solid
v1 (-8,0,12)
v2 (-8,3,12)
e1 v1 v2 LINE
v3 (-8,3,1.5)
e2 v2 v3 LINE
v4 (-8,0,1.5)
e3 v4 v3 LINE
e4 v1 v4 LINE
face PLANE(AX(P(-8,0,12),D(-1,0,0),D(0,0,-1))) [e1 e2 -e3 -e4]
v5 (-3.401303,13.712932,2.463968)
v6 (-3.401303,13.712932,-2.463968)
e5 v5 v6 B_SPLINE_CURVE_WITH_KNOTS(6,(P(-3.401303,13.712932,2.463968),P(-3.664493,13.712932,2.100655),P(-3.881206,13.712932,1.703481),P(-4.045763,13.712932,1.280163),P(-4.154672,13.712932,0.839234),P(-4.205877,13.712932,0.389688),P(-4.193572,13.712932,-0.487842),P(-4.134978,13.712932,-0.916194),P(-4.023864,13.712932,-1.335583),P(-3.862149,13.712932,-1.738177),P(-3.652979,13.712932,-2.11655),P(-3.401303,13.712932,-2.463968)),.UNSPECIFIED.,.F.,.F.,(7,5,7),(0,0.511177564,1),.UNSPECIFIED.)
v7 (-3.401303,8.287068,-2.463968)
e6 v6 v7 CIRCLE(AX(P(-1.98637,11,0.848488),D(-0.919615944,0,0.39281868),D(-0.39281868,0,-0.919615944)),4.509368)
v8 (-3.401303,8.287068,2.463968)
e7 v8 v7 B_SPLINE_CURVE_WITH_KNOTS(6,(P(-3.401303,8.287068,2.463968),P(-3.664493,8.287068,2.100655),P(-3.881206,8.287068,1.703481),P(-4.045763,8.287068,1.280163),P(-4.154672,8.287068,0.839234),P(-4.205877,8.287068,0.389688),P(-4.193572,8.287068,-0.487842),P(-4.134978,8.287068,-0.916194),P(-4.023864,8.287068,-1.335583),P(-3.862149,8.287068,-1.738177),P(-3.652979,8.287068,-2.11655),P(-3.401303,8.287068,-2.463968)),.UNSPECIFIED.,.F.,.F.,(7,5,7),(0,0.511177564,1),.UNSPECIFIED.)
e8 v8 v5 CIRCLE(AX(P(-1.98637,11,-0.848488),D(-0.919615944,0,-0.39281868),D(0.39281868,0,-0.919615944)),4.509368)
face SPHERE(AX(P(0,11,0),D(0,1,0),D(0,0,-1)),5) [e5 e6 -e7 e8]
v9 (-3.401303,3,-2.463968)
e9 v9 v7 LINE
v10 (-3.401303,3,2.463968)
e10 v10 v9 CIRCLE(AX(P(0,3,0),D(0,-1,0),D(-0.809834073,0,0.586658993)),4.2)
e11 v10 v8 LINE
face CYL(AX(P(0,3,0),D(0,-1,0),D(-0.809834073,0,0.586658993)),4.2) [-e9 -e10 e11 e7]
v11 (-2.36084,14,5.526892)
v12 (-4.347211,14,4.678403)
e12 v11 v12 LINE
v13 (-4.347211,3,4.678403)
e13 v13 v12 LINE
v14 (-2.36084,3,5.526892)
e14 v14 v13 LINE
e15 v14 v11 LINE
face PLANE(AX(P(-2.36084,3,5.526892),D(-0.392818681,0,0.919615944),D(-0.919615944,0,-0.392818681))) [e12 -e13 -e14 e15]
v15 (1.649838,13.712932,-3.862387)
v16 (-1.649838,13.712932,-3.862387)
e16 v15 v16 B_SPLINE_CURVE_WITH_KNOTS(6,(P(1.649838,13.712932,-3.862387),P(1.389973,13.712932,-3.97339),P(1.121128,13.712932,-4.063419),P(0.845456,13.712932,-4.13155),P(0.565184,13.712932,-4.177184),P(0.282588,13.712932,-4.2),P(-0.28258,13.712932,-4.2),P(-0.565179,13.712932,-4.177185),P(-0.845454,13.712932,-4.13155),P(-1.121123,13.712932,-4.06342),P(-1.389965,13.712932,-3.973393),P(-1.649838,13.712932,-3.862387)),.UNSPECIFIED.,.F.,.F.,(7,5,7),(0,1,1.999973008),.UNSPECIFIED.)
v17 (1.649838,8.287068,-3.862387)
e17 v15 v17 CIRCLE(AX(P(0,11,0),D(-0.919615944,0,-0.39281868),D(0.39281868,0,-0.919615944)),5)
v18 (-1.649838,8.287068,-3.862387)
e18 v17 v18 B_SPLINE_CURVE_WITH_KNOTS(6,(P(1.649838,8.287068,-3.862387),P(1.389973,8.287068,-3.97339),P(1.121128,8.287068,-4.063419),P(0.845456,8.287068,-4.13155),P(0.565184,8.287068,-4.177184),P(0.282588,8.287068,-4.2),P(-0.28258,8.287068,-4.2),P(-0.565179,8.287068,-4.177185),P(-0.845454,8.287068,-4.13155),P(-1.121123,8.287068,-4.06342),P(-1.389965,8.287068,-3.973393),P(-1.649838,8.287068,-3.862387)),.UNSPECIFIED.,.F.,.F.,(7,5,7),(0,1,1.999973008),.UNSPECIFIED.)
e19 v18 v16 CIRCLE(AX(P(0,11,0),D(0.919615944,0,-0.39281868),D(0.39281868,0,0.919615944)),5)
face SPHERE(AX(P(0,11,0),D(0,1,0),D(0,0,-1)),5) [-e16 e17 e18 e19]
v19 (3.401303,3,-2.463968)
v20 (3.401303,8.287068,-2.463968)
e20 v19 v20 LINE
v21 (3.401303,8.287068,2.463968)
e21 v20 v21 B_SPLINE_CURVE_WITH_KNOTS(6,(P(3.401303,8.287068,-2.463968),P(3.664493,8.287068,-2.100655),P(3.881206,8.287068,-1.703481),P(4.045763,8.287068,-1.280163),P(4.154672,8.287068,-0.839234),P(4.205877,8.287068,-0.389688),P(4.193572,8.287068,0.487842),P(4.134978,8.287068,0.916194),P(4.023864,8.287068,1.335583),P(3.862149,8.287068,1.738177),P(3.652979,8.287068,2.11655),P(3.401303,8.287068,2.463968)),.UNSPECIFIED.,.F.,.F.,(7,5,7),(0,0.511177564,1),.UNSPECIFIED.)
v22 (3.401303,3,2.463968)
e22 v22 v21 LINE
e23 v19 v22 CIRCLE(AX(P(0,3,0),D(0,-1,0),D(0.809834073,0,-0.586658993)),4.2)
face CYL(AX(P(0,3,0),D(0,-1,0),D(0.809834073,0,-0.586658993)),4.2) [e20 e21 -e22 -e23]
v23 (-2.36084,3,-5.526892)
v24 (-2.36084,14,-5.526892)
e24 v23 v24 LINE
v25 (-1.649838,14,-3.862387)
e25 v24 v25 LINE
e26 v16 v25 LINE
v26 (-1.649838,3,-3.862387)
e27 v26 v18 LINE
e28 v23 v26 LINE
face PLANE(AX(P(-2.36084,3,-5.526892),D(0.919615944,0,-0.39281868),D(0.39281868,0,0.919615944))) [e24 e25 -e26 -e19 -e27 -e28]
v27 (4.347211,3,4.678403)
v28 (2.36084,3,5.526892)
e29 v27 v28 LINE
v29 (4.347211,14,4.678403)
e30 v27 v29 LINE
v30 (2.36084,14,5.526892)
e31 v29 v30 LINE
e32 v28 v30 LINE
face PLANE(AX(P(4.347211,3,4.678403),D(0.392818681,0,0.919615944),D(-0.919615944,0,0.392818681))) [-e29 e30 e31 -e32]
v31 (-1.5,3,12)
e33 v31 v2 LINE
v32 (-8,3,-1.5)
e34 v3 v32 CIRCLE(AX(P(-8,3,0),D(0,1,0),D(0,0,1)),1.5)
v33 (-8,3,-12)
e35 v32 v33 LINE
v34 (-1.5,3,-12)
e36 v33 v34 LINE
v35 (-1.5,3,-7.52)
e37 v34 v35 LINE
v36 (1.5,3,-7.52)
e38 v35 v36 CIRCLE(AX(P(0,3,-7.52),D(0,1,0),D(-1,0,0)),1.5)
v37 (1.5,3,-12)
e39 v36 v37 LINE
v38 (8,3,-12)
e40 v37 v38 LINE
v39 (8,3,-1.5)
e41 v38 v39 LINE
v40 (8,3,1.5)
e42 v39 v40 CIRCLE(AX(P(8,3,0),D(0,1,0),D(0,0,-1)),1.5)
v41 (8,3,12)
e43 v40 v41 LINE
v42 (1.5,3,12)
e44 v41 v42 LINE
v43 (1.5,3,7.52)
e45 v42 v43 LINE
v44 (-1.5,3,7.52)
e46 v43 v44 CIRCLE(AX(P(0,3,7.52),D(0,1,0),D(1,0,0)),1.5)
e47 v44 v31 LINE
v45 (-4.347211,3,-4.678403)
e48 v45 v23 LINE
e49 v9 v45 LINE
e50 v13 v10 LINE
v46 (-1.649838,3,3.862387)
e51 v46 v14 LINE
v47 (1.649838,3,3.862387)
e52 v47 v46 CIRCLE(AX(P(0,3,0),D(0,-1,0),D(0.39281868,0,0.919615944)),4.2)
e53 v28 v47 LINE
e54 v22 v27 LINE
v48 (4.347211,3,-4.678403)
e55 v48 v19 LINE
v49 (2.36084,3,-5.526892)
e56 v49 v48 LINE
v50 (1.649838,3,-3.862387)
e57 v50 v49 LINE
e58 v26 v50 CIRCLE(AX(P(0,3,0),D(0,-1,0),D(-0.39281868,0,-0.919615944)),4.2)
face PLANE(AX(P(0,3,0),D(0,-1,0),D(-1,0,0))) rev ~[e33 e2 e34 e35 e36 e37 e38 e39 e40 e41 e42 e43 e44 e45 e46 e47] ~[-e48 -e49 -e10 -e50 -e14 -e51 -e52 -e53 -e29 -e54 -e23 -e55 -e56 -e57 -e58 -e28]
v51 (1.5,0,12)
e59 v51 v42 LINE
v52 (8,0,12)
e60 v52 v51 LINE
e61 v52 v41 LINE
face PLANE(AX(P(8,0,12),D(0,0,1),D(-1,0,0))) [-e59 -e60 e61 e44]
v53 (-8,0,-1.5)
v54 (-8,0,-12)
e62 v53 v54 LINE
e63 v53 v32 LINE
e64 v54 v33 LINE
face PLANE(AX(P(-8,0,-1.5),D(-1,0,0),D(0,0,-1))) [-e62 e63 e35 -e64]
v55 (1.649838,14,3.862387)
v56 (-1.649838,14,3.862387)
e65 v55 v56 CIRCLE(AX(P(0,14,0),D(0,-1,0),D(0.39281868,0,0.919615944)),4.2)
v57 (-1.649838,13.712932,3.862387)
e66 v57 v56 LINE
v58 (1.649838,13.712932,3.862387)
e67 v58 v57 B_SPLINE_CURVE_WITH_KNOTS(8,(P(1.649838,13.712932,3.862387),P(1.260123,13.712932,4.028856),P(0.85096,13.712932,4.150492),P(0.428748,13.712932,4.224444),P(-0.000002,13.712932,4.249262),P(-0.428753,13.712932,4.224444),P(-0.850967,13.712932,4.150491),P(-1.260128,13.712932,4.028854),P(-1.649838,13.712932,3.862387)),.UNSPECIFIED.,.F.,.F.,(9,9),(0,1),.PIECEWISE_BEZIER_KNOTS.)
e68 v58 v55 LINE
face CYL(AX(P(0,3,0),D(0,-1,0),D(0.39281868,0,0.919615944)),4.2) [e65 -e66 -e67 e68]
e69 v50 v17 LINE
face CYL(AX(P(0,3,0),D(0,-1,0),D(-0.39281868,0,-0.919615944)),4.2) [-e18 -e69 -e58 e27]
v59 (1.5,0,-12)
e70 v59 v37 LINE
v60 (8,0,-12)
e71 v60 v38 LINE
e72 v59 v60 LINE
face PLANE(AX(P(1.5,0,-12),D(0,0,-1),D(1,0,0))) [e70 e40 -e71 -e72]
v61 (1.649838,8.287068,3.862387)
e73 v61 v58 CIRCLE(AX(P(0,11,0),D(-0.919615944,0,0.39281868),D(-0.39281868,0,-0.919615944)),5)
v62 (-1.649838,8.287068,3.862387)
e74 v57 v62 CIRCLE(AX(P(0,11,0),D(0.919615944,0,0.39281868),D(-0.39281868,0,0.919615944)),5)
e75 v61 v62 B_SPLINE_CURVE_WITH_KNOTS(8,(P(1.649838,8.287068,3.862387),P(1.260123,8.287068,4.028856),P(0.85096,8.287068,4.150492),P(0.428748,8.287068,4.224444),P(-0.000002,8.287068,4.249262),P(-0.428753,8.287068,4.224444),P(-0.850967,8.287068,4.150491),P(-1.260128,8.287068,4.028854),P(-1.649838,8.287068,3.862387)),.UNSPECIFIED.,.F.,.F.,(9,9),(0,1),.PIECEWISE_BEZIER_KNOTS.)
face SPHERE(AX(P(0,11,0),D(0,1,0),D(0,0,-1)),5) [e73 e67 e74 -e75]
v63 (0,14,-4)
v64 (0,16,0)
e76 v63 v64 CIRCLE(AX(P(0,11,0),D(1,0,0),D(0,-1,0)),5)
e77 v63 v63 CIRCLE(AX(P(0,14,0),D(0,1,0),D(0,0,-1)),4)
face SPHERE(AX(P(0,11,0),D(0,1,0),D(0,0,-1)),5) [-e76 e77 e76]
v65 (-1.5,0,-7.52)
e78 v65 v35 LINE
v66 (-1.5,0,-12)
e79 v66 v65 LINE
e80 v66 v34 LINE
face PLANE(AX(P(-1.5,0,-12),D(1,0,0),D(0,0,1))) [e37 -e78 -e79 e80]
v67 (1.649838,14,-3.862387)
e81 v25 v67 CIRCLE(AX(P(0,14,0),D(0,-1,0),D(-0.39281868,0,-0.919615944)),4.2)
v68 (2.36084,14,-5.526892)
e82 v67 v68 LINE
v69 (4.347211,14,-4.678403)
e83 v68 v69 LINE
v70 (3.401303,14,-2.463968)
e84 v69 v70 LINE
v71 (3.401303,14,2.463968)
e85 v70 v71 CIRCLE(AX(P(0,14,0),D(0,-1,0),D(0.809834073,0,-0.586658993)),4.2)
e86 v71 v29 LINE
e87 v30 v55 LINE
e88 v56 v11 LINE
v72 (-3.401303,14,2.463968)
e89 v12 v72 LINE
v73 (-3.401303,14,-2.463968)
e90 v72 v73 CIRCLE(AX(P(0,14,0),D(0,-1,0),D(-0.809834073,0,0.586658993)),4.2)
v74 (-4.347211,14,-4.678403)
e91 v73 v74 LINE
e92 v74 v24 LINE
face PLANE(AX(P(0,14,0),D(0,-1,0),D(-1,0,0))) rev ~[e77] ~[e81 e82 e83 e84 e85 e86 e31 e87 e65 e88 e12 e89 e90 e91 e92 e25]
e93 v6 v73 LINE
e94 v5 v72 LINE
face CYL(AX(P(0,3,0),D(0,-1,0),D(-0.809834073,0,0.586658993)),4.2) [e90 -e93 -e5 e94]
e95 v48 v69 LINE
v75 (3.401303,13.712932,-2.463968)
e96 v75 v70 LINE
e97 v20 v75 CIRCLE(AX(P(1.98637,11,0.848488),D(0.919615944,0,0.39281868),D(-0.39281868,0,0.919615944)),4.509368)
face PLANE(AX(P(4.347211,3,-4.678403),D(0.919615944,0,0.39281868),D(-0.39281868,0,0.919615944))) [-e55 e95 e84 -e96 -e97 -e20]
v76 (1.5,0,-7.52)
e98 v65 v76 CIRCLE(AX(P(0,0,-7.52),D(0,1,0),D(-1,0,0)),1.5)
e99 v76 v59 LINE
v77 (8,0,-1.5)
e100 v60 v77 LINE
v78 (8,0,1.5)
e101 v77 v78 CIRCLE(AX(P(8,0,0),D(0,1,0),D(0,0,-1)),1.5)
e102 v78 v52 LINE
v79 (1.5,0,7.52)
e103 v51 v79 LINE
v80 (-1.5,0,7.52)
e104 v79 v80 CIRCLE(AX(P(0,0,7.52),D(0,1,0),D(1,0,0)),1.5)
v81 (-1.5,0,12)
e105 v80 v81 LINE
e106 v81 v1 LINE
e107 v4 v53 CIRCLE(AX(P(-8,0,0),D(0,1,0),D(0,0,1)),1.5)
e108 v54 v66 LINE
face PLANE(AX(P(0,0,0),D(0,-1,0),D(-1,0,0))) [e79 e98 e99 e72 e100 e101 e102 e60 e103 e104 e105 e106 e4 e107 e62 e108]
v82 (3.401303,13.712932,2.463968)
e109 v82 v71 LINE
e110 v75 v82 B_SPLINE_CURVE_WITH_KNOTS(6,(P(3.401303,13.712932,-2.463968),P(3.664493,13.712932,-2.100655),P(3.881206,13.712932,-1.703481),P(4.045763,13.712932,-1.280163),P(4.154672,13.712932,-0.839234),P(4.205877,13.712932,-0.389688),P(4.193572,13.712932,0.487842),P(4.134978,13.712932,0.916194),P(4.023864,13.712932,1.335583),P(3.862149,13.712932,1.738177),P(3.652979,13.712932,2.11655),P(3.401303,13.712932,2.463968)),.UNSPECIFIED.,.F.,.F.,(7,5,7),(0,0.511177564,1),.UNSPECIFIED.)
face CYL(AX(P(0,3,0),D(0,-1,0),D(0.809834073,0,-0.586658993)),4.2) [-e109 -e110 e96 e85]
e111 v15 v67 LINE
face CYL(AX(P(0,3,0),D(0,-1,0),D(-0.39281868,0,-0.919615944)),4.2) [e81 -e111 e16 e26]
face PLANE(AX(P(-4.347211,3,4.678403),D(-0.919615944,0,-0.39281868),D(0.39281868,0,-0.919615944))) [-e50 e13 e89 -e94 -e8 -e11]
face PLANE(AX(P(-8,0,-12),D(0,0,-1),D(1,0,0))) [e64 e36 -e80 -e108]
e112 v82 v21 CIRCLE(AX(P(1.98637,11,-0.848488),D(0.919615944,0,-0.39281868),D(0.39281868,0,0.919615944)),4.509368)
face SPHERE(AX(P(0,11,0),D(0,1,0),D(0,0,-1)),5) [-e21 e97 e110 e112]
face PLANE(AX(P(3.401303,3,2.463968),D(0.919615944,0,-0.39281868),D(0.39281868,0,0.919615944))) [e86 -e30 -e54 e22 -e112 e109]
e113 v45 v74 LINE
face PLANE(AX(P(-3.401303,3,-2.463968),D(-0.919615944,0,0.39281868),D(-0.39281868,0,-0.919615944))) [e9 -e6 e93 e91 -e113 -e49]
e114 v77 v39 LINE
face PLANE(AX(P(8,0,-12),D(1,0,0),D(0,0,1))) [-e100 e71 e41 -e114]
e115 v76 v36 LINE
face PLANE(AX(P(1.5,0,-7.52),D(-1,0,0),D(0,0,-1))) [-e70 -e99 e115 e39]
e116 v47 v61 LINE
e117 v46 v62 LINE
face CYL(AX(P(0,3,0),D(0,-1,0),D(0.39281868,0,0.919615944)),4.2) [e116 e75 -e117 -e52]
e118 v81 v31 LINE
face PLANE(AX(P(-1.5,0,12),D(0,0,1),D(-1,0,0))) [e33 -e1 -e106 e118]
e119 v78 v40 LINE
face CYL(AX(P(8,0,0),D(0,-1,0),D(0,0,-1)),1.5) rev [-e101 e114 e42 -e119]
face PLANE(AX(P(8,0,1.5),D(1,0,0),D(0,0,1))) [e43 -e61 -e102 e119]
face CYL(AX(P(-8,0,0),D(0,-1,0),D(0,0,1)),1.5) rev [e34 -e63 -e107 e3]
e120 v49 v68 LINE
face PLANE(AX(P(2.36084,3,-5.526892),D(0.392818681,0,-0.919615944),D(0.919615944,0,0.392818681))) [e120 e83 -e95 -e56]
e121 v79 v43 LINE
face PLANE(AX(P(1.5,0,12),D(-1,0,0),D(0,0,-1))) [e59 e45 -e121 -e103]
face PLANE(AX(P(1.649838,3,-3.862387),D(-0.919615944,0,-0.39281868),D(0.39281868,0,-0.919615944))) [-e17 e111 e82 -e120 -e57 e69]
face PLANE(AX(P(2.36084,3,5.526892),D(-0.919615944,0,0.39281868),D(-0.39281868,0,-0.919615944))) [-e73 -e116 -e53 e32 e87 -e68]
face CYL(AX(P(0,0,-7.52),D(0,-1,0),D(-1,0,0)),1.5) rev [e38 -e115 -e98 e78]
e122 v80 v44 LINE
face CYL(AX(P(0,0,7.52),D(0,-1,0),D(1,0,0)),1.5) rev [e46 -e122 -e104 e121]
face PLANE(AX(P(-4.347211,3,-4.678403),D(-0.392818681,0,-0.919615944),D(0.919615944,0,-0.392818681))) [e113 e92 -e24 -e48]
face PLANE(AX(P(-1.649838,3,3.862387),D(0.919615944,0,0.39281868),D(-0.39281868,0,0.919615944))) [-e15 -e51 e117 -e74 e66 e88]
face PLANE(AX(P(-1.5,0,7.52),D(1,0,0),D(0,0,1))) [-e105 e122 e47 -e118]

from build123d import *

# Parameters (mm, degrees)
EXTRUDE_1_DEPTH = 3
EXTRUDE_2_DEPTH = 11


with BuildPart() as part:
    # 草图1 → 凸台-拉伸1 (new body)
    with BuildSketch(Plane(origin=(0, 0, 0), x_dir=(1, 0, 0), z_dir=(0, 1, 0))):
        with BuildLine():
            Line((1.5, 12), (8, 12))
            Line((8, 12), (8, 1.5))
            ThreePointArc((8, 1.5), (6.5, 0), (8, -1.5))
            Line((8, -1.5), (8, -12))
            Line((8, -12), (1.5, -12))
            Line((1.5, -12), (1.5, -7.52))
            ThreePointArc((1.5, -7.52), (0, -6.02), (-1.5, -7.52))
            Line((-1.5, -7.52), (-1.5, -12))
            Line((-1.5, -12), (-8, -12))
            Line((-8, -12), (-8, -1.5))
            ThreePointArc((-8, -1.5), (-6.5, 0), (-8, 1.5))
            Line((-8, 1.5), (-8, 12))
            Line((-8, 12), (-1.5, 12))
            Line((-1.5, 12), (-1.5, 7.52))
            ThreePointArc((-1.5, 7.52), (0, 6.02), (1.5, 7.52))
            Line((1.5, 7.52), (1.5, 12))
        make_face()
    extrude(amount=EXTRUDE_1_DEPTH)



with BuildPart() as body_2:
    # 草图2 → 旋转1 (revolve)
    with BuildSketch(Plane(origin=(0, 0, 0), x_dir=(0, 0, -1), z_dir=(1, 0, 0))):
        with BuildLine():
            Line((0, 16), (0, 6))
            ThreePointArc((0, 6), (5, 11), (0, 16))
        make_face()
    revolve(axis=Axis((0, 3, 0), (0, 1, 0)))


with BuildPart() as part_1:
    add(part.part)

    add(body_2.part)  # 凸台-拉伸2 merges body 2
    # 草图3 → 凸台-拉伸2 (add)
    with BuildSketch(Plane(origin=(0, 3, 0), x_dir=(1, 0, 0), z_dir=(0, 1, 0))):
        with BuildLine():
            Line((1.649838457, 3.862386965), (2.360840268, 5.526891824))
            Line((2.360840268, 5.526891824), (4.347210707, 4.678403474))
            Line((4.347210707, 4.678403474), (3.401303107, 2.46396777))
            ThreePointArc((3.401303107, 2.46396777), (4.2, 0), (3.401303107, -2.46396777))
            Line((3.401303107, -2.46396777), (4.347210707, -4.678403474))
            Line((4.347210707, -4.678403474), (2.360840268, -5.526891824))
            Line((2.360840268, -5.526891824), (1.649838457, -3.862386965))
            ThreePointArc((1.649838457, -3.862386965), (0, -4.2), (-1.649838457, -3.862386965))
            Line((-1.649838457, -3.862386965), (-2.360840268, -5.526891824))
            Line((-2.360840268, -5.526891824), (-4.347210707, -4.678403474))
            Line((-4.347210707, -4.678403474), (-3.401303107, -2.46396777))
            ThreePointArc((-3.401303107, -2.46396777), (-4.2, 0), (-3.401303107, 2.46396777))
            Line((-3.401303107, 2.46396777), (-4.347210707, 4.678403474))
            Line((-4.347210707, 4.678403474), (-2.360840268, 5.526891824))
            Line((-2.360840268, 5.526891824), (-1.649838457, 3.862386965))
            ThreePointArc((-1.649838457, 3.862386965), (0, 4.2), (1.649838457, 3.862386965))
        make_face()
    extrude(amount=EXTRUDE_2_DEPTH)


solid = part_1.part
